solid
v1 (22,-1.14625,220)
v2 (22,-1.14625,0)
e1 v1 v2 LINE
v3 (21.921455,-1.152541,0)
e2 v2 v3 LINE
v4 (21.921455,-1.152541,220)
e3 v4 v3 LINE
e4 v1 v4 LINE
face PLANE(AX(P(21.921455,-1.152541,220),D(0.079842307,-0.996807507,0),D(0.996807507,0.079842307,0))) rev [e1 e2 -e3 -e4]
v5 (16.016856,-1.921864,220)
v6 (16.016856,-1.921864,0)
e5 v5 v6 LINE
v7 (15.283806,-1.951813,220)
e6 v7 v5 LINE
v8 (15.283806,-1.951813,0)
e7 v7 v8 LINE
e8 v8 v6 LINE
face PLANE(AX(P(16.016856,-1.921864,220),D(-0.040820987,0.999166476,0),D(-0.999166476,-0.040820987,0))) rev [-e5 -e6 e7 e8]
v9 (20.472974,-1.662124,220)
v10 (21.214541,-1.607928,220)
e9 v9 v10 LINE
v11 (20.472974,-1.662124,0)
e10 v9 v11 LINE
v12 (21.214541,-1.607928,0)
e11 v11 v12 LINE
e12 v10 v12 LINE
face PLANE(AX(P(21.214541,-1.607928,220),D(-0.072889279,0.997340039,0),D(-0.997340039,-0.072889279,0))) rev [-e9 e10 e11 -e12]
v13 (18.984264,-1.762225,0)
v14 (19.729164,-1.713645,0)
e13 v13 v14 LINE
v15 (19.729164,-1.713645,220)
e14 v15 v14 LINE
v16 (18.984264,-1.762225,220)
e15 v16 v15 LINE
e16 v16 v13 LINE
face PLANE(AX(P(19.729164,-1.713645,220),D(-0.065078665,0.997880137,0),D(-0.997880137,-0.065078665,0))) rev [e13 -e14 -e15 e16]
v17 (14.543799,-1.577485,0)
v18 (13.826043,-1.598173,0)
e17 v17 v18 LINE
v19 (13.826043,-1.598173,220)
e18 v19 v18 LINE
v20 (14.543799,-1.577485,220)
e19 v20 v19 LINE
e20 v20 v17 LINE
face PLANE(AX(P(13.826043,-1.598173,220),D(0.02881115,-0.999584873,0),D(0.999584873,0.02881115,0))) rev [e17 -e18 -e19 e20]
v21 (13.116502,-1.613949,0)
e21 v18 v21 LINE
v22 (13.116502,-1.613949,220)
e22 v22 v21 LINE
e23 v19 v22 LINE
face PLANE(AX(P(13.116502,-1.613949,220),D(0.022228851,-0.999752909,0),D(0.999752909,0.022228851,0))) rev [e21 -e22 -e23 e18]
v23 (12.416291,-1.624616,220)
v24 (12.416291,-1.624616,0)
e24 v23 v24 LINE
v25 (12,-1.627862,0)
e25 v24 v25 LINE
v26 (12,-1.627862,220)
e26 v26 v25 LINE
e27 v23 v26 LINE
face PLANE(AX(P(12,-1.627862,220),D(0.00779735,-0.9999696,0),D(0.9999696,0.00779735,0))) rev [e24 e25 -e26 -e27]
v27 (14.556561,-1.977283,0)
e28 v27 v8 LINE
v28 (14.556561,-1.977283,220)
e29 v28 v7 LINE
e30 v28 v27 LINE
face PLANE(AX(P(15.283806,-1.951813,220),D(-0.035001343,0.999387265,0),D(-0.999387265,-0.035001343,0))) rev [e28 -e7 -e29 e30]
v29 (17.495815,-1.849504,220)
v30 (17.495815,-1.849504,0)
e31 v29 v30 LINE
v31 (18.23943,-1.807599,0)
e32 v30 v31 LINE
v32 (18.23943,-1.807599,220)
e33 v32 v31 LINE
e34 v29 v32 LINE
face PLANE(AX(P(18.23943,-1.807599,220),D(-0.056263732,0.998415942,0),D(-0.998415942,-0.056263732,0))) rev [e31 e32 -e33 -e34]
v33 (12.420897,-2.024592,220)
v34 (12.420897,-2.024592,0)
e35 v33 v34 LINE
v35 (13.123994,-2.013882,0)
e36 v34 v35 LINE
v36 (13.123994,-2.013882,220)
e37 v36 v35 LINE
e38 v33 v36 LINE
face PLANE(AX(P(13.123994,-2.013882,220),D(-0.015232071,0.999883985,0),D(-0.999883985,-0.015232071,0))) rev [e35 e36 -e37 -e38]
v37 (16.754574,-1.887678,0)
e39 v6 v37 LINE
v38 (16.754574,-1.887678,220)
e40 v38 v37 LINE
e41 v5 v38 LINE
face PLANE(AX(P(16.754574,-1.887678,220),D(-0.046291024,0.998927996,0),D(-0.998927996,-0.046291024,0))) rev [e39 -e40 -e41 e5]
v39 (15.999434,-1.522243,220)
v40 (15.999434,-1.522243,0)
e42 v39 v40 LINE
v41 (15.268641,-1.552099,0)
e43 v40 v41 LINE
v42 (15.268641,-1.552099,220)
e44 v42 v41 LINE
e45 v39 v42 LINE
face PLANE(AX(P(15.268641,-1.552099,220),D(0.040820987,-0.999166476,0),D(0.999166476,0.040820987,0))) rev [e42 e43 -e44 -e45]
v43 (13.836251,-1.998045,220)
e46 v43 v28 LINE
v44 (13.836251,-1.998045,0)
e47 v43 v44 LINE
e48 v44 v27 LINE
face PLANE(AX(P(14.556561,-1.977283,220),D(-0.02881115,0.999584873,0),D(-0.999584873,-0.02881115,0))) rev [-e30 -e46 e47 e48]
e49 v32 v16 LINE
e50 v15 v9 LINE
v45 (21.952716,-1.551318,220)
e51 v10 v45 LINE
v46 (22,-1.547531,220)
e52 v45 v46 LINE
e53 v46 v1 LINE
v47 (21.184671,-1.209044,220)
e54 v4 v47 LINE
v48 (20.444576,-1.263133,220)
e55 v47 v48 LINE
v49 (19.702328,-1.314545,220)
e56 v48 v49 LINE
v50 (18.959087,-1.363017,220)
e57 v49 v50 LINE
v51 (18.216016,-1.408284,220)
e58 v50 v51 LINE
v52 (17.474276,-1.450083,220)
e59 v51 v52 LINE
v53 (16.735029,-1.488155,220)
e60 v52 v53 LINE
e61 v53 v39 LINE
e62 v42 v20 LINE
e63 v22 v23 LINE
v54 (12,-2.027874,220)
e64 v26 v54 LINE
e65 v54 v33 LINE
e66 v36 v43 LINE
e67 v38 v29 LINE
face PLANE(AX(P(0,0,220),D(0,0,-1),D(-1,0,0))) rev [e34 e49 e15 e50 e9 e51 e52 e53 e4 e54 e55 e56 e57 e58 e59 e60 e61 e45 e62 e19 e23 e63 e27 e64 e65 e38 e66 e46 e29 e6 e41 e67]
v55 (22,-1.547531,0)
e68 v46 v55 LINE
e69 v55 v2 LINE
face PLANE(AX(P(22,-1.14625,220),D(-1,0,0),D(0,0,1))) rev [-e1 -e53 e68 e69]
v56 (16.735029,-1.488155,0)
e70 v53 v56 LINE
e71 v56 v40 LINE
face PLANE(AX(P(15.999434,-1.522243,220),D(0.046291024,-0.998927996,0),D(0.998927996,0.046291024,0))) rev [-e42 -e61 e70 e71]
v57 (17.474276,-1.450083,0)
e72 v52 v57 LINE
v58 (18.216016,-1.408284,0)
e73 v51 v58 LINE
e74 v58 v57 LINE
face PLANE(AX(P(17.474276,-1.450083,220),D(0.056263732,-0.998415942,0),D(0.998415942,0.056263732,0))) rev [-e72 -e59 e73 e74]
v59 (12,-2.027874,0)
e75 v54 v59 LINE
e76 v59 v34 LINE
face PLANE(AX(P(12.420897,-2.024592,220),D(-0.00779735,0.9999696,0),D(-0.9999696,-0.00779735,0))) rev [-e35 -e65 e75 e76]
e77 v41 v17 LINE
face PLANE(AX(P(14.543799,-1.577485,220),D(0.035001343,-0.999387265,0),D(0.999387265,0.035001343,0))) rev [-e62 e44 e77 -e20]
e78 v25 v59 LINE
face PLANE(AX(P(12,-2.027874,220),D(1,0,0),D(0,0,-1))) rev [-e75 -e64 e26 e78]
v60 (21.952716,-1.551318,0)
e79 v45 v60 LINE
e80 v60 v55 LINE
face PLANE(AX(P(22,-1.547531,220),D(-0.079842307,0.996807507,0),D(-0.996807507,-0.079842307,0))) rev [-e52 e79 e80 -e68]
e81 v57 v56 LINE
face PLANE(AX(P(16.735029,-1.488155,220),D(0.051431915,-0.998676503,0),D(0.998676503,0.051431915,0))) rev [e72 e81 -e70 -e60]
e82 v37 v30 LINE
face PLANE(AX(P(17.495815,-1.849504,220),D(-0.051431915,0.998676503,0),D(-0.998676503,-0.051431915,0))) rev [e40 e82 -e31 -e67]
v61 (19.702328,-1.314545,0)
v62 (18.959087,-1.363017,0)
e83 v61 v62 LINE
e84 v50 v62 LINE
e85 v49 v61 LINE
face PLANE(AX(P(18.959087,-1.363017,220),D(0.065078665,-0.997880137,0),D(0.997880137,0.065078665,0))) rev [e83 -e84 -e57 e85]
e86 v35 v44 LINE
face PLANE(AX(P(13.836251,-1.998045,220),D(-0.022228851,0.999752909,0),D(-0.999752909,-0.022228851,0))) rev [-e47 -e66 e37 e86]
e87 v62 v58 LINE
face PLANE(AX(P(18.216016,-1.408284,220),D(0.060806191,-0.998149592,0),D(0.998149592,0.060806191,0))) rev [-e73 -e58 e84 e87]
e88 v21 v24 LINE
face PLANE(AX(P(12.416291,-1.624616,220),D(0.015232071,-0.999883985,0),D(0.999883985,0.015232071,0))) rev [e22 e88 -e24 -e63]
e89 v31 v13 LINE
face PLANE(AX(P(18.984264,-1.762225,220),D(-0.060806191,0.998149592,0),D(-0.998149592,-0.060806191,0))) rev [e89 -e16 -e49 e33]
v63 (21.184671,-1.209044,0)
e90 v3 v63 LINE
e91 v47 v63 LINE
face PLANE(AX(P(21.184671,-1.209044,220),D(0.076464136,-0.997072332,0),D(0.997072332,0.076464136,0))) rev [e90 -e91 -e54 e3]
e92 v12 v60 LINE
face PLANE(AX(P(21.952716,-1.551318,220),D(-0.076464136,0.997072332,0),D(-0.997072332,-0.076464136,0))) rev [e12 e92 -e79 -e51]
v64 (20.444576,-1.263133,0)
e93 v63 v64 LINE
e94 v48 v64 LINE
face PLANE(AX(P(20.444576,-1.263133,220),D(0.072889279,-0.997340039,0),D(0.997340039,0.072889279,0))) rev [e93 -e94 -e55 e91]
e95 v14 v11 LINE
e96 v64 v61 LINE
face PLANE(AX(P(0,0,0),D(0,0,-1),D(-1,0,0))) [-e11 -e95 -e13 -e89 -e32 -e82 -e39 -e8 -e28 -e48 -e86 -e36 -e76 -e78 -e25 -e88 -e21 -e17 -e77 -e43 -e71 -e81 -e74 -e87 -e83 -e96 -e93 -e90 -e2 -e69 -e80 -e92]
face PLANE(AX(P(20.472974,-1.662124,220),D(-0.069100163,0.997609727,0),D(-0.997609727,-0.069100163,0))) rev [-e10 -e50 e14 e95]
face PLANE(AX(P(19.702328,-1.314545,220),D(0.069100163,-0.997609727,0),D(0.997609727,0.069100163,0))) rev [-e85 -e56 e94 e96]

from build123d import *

# Parameters (mm, degrees)
DEFINED_MATERIAL_SECTION_L220_DEPTH = 220


with BuildPart() as part:
    # Sketch1 → Defined_Material_Section_L220 (new body)
    with BuildSketch(Plane.XY):
        Polygon((21.952716474, -1.55131799), (21.214541315, -1.60792765), (20.472974075, -1.662124111), (19.729164078, -1.713644652), (18.984264321, -1.762224717), (18.239429685, -1.807599235), (17.495815146, -1.849504144), (16.754574, -1.887678119), (16.016856081, -1.921864485), (15.28380601, -1.951813275), (14.556561449, -1.977283418), (13.836251383, -1.998044999), (13.123994434, -2.013881565), (12.420897198, -2.024592435), (12, -2.027874417), (12, -1.627862257), (12.41629125, -1.62461619), (13.116502158, -1.61394929), (13.826043272, -1.598173108), (14.543798827, -1.577485157), (15.268641415, -1.552099138), (15.999433548, -1.522242595), (16.735029283, -1.488154573), (17.474275891, -1.450083317), (18.216015579, -1.408284062), (18.959087234, -1.363016942), (19.702328203, -1.314545058), (20.444576084, -1.263132719), (21.184670536, -1.209043894), (21.921455096, -1.152540877), (22, -1.146249586), (22, -1.547530673), align=None)
    extrude(amount=DEFINED_MATERIAL_SECTION_L220_DEPTH)


solid = part.part
